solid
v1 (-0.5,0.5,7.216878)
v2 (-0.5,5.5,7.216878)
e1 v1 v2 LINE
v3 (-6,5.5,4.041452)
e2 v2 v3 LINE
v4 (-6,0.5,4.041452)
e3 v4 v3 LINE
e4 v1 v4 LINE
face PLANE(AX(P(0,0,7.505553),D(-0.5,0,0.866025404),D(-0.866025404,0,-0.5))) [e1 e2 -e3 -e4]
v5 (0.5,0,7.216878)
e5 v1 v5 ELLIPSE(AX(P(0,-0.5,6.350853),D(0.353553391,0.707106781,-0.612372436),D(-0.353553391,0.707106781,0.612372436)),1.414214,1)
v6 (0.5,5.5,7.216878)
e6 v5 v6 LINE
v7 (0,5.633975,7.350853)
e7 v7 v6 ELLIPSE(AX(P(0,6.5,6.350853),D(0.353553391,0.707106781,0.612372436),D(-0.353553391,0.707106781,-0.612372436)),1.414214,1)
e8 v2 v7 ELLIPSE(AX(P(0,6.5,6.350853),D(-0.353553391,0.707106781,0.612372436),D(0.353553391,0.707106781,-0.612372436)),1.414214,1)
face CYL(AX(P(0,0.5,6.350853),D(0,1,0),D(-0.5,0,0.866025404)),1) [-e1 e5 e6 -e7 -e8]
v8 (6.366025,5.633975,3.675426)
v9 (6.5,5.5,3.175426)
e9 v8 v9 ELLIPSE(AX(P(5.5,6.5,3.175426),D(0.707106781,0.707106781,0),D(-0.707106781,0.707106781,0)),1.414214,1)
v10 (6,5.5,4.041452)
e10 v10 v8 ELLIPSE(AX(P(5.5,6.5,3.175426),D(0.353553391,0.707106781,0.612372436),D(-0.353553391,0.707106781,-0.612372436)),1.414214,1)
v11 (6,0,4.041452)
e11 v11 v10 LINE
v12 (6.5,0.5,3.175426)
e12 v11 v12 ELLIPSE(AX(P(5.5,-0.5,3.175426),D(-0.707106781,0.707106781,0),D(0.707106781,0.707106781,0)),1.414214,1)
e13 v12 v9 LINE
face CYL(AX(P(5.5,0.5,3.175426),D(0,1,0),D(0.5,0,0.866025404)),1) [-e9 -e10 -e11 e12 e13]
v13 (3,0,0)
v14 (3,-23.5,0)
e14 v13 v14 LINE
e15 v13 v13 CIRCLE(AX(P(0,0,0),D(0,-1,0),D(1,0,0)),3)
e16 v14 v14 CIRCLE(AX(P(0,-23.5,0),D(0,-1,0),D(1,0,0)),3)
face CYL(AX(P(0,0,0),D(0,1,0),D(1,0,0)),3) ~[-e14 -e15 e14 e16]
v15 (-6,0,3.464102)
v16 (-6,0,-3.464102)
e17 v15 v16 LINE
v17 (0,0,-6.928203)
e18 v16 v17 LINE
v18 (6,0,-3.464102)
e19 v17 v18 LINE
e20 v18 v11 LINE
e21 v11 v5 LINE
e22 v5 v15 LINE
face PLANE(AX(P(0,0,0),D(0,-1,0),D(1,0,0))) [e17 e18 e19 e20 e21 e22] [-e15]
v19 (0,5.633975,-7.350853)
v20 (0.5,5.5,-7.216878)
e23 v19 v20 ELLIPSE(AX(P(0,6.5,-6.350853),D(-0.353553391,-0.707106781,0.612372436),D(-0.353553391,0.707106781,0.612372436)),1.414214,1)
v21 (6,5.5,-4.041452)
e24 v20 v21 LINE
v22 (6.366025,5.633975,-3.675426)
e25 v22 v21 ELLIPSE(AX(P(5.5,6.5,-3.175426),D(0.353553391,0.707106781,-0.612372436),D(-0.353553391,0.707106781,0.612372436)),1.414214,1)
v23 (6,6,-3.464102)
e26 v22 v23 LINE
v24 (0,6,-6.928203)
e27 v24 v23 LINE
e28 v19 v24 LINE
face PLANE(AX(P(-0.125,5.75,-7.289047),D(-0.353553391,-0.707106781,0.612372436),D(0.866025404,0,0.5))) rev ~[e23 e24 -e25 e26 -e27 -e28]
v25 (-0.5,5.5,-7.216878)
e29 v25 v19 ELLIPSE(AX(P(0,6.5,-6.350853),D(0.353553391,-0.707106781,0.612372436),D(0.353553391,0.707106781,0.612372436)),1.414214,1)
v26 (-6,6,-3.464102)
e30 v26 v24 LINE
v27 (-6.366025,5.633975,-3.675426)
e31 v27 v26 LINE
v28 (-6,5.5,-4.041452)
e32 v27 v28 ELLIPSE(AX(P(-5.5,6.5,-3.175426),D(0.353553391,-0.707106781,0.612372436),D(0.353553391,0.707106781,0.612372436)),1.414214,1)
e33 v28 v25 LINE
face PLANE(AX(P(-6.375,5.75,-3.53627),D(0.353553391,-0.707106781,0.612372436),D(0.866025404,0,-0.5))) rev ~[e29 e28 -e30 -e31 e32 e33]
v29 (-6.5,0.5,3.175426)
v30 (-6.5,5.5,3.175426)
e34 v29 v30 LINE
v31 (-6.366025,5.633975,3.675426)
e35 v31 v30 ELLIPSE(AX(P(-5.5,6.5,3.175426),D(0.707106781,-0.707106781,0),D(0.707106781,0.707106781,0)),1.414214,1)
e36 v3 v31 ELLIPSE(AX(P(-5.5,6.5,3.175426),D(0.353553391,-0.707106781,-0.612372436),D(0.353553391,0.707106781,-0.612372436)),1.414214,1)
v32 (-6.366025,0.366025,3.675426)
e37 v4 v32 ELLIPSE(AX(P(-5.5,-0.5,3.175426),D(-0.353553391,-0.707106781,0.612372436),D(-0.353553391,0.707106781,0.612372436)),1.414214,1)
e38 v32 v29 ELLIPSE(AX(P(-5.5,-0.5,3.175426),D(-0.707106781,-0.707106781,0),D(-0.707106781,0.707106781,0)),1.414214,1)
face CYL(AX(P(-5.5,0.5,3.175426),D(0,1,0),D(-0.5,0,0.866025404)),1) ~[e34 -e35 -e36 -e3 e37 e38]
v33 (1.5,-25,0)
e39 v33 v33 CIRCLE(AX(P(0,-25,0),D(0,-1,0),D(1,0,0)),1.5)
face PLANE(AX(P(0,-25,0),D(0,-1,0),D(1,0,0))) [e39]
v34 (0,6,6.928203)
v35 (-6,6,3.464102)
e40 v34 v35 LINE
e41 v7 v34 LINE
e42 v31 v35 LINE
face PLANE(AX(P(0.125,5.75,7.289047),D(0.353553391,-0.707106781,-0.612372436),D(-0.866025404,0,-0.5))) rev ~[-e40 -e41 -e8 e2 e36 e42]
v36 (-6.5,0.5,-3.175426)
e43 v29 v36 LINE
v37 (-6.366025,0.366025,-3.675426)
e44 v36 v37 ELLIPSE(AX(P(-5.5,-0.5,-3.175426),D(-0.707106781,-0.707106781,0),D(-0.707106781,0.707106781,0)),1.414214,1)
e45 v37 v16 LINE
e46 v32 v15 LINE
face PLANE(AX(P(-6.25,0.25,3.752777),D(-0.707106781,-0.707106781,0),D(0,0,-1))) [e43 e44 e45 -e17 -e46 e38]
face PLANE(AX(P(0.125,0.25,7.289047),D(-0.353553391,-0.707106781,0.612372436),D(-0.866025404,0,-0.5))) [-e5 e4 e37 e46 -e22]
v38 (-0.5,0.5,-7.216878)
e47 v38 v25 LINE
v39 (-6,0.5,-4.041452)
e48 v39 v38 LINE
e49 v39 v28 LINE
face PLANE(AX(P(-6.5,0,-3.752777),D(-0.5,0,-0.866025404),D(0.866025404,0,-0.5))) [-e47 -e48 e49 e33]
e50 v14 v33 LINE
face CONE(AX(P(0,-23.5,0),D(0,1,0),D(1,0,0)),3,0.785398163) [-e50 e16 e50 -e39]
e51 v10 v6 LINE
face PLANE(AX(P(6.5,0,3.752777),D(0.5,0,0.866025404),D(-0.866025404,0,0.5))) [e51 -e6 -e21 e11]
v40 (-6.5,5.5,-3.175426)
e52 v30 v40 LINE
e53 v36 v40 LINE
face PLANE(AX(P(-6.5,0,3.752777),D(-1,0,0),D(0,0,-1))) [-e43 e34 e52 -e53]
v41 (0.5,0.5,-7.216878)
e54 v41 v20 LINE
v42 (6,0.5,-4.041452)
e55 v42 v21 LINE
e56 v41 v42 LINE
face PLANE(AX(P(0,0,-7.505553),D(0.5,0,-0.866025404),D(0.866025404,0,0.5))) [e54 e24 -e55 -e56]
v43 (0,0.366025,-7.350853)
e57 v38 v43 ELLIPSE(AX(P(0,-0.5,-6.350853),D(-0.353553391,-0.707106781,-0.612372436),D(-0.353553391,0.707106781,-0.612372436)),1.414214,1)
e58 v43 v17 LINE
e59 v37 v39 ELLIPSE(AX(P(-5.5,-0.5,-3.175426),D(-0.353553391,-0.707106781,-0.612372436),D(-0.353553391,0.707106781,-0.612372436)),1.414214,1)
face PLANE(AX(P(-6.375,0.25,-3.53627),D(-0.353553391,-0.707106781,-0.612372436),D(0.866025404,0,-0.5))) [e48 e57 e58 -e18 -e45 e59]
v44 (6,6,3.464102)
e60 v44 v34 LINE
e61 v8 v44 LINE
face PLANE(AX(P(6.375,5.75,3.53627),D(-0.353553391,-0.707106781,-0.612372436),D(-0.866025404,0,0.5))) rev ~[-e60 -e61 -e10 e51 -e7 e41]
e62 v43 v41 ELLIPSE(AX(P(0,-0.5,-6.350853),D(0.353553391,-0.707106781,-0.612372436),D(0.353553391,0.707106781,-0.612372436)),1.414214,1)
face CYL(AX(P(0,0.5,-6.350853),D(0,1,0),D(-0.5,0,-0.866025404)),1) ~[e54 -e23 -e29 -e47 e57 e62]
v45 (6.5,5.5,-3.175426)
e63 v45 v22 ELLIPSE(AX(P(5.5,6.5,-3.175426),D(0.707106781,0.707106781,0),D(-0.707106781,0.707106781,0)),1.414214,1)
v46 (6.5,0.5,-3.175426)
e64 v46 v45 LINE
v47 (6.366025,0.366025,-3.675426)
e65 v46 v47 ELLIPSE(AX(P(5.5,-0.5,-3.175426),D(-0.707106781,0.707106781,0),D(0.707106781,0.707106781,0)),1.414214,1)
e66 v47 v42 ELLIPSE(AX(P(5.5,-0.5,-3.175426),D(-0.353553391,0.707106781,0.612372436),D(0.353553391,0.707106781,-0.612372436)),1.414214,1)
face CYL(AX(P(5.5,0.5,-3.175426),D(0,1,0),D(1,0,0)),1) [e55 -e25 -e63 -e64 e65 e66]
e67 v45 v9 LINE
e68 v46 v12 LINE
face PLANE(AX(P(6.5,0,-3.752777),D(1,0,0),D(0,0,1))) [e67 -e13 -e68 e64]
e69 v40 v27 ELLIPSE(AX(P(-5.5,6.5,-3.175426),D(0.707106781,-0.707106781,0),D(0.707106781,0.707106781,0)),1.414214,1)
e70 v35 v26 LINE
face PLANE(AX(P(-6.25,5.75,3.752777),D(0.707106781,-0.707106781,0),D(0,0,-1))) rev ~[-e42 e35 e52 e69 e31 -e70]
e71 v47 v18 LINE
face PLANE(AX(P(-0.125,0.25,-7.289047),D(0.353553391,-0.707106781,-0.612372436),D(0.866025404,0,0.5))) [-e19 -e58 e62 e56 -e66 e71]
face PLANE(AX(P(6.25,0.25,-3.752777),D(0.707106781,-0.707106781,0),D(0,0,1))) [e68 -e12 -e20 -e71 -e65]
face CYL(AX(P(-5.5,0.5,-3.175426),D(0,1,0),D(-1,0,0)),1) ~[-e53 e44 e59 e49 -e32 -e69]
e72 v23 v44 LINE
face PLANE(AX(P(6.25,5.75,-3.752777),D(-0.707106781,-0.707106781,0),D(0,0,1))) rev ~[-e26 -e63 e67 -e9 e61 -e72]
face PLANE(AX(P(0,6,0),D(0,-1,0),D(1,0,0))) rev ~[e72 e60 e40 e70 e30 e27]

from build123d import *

# Parameters (mm, degrees)
F0_R     = 4
F1_DEPTH = 6
F3_SIZE  = 0.5
F4_R     = 1
F2_R     = 3
F5_DEPTH = 25
F6_SIZE  = 1.5


with BuildPart() as f1:
    # F0 (on Front) → F1 (new body)
    with BuildSketch(Plane.XZ):
        Polygon((0, 7.5055534995), (-6.5, 3.7527767497), (-6.5, -3.7527767497), (0, -7.5055534995), (6.5, -3.7527767497), (6.5, 3.7527767497), align=None)
        Circle(F0_R, mode=Mode.SUBTRACT)
        Circle(F0_R)
    extrude(amount=-F1_DEPTH)

    # F3
    f3_edges = [f1.edges().sort_by_distance(p)[0] for p in [
        (6.5, 0, 0),
        (-3.25, 0, 5.629165),
        (-6.5, 0, 0),
        (-3.25, 0, -5.629165),
        (3.25, 0, -5.629165),
        (-3.25, 6, 5.629165),
        (-6.5, 6, 0),
        (-3.25, 6, -5.629165),
        (3.25, 6, -5.629165),
        (6.5, 6, 0),
        (3.25, 6, 5.629165),
    ]]
    chamfer(f3_edges, length=F3_SIZE)

    # F4
    f4_edges = [f1.edges().sort_by_distance(p)[0] for p in [
        (0, 3, 7.505553),
        (-6.5, 3, 3.752777),
        (6.5, 3, 3.752777),
        (-6.5, 3, -3.752777),
        (0, 3, -7.505553),
        (6.5, 3, -3.752777),
    ]]
    fillet(f4_edges, radius=F4_R)

    # F2 (on face) → F5 (join)
    with BuildSketch(Plane.XZ):
        Circle(F2_R)
    extrude(amount=F5_DEPTH)

    # F6
    f6_edges = [f1.edges().sort_by_distance(p)[0] for p in [
        (-3, -25, 0),
    ]]
    chamfer(f6_edges, length=F6_SIZE)


solid = f1.part
